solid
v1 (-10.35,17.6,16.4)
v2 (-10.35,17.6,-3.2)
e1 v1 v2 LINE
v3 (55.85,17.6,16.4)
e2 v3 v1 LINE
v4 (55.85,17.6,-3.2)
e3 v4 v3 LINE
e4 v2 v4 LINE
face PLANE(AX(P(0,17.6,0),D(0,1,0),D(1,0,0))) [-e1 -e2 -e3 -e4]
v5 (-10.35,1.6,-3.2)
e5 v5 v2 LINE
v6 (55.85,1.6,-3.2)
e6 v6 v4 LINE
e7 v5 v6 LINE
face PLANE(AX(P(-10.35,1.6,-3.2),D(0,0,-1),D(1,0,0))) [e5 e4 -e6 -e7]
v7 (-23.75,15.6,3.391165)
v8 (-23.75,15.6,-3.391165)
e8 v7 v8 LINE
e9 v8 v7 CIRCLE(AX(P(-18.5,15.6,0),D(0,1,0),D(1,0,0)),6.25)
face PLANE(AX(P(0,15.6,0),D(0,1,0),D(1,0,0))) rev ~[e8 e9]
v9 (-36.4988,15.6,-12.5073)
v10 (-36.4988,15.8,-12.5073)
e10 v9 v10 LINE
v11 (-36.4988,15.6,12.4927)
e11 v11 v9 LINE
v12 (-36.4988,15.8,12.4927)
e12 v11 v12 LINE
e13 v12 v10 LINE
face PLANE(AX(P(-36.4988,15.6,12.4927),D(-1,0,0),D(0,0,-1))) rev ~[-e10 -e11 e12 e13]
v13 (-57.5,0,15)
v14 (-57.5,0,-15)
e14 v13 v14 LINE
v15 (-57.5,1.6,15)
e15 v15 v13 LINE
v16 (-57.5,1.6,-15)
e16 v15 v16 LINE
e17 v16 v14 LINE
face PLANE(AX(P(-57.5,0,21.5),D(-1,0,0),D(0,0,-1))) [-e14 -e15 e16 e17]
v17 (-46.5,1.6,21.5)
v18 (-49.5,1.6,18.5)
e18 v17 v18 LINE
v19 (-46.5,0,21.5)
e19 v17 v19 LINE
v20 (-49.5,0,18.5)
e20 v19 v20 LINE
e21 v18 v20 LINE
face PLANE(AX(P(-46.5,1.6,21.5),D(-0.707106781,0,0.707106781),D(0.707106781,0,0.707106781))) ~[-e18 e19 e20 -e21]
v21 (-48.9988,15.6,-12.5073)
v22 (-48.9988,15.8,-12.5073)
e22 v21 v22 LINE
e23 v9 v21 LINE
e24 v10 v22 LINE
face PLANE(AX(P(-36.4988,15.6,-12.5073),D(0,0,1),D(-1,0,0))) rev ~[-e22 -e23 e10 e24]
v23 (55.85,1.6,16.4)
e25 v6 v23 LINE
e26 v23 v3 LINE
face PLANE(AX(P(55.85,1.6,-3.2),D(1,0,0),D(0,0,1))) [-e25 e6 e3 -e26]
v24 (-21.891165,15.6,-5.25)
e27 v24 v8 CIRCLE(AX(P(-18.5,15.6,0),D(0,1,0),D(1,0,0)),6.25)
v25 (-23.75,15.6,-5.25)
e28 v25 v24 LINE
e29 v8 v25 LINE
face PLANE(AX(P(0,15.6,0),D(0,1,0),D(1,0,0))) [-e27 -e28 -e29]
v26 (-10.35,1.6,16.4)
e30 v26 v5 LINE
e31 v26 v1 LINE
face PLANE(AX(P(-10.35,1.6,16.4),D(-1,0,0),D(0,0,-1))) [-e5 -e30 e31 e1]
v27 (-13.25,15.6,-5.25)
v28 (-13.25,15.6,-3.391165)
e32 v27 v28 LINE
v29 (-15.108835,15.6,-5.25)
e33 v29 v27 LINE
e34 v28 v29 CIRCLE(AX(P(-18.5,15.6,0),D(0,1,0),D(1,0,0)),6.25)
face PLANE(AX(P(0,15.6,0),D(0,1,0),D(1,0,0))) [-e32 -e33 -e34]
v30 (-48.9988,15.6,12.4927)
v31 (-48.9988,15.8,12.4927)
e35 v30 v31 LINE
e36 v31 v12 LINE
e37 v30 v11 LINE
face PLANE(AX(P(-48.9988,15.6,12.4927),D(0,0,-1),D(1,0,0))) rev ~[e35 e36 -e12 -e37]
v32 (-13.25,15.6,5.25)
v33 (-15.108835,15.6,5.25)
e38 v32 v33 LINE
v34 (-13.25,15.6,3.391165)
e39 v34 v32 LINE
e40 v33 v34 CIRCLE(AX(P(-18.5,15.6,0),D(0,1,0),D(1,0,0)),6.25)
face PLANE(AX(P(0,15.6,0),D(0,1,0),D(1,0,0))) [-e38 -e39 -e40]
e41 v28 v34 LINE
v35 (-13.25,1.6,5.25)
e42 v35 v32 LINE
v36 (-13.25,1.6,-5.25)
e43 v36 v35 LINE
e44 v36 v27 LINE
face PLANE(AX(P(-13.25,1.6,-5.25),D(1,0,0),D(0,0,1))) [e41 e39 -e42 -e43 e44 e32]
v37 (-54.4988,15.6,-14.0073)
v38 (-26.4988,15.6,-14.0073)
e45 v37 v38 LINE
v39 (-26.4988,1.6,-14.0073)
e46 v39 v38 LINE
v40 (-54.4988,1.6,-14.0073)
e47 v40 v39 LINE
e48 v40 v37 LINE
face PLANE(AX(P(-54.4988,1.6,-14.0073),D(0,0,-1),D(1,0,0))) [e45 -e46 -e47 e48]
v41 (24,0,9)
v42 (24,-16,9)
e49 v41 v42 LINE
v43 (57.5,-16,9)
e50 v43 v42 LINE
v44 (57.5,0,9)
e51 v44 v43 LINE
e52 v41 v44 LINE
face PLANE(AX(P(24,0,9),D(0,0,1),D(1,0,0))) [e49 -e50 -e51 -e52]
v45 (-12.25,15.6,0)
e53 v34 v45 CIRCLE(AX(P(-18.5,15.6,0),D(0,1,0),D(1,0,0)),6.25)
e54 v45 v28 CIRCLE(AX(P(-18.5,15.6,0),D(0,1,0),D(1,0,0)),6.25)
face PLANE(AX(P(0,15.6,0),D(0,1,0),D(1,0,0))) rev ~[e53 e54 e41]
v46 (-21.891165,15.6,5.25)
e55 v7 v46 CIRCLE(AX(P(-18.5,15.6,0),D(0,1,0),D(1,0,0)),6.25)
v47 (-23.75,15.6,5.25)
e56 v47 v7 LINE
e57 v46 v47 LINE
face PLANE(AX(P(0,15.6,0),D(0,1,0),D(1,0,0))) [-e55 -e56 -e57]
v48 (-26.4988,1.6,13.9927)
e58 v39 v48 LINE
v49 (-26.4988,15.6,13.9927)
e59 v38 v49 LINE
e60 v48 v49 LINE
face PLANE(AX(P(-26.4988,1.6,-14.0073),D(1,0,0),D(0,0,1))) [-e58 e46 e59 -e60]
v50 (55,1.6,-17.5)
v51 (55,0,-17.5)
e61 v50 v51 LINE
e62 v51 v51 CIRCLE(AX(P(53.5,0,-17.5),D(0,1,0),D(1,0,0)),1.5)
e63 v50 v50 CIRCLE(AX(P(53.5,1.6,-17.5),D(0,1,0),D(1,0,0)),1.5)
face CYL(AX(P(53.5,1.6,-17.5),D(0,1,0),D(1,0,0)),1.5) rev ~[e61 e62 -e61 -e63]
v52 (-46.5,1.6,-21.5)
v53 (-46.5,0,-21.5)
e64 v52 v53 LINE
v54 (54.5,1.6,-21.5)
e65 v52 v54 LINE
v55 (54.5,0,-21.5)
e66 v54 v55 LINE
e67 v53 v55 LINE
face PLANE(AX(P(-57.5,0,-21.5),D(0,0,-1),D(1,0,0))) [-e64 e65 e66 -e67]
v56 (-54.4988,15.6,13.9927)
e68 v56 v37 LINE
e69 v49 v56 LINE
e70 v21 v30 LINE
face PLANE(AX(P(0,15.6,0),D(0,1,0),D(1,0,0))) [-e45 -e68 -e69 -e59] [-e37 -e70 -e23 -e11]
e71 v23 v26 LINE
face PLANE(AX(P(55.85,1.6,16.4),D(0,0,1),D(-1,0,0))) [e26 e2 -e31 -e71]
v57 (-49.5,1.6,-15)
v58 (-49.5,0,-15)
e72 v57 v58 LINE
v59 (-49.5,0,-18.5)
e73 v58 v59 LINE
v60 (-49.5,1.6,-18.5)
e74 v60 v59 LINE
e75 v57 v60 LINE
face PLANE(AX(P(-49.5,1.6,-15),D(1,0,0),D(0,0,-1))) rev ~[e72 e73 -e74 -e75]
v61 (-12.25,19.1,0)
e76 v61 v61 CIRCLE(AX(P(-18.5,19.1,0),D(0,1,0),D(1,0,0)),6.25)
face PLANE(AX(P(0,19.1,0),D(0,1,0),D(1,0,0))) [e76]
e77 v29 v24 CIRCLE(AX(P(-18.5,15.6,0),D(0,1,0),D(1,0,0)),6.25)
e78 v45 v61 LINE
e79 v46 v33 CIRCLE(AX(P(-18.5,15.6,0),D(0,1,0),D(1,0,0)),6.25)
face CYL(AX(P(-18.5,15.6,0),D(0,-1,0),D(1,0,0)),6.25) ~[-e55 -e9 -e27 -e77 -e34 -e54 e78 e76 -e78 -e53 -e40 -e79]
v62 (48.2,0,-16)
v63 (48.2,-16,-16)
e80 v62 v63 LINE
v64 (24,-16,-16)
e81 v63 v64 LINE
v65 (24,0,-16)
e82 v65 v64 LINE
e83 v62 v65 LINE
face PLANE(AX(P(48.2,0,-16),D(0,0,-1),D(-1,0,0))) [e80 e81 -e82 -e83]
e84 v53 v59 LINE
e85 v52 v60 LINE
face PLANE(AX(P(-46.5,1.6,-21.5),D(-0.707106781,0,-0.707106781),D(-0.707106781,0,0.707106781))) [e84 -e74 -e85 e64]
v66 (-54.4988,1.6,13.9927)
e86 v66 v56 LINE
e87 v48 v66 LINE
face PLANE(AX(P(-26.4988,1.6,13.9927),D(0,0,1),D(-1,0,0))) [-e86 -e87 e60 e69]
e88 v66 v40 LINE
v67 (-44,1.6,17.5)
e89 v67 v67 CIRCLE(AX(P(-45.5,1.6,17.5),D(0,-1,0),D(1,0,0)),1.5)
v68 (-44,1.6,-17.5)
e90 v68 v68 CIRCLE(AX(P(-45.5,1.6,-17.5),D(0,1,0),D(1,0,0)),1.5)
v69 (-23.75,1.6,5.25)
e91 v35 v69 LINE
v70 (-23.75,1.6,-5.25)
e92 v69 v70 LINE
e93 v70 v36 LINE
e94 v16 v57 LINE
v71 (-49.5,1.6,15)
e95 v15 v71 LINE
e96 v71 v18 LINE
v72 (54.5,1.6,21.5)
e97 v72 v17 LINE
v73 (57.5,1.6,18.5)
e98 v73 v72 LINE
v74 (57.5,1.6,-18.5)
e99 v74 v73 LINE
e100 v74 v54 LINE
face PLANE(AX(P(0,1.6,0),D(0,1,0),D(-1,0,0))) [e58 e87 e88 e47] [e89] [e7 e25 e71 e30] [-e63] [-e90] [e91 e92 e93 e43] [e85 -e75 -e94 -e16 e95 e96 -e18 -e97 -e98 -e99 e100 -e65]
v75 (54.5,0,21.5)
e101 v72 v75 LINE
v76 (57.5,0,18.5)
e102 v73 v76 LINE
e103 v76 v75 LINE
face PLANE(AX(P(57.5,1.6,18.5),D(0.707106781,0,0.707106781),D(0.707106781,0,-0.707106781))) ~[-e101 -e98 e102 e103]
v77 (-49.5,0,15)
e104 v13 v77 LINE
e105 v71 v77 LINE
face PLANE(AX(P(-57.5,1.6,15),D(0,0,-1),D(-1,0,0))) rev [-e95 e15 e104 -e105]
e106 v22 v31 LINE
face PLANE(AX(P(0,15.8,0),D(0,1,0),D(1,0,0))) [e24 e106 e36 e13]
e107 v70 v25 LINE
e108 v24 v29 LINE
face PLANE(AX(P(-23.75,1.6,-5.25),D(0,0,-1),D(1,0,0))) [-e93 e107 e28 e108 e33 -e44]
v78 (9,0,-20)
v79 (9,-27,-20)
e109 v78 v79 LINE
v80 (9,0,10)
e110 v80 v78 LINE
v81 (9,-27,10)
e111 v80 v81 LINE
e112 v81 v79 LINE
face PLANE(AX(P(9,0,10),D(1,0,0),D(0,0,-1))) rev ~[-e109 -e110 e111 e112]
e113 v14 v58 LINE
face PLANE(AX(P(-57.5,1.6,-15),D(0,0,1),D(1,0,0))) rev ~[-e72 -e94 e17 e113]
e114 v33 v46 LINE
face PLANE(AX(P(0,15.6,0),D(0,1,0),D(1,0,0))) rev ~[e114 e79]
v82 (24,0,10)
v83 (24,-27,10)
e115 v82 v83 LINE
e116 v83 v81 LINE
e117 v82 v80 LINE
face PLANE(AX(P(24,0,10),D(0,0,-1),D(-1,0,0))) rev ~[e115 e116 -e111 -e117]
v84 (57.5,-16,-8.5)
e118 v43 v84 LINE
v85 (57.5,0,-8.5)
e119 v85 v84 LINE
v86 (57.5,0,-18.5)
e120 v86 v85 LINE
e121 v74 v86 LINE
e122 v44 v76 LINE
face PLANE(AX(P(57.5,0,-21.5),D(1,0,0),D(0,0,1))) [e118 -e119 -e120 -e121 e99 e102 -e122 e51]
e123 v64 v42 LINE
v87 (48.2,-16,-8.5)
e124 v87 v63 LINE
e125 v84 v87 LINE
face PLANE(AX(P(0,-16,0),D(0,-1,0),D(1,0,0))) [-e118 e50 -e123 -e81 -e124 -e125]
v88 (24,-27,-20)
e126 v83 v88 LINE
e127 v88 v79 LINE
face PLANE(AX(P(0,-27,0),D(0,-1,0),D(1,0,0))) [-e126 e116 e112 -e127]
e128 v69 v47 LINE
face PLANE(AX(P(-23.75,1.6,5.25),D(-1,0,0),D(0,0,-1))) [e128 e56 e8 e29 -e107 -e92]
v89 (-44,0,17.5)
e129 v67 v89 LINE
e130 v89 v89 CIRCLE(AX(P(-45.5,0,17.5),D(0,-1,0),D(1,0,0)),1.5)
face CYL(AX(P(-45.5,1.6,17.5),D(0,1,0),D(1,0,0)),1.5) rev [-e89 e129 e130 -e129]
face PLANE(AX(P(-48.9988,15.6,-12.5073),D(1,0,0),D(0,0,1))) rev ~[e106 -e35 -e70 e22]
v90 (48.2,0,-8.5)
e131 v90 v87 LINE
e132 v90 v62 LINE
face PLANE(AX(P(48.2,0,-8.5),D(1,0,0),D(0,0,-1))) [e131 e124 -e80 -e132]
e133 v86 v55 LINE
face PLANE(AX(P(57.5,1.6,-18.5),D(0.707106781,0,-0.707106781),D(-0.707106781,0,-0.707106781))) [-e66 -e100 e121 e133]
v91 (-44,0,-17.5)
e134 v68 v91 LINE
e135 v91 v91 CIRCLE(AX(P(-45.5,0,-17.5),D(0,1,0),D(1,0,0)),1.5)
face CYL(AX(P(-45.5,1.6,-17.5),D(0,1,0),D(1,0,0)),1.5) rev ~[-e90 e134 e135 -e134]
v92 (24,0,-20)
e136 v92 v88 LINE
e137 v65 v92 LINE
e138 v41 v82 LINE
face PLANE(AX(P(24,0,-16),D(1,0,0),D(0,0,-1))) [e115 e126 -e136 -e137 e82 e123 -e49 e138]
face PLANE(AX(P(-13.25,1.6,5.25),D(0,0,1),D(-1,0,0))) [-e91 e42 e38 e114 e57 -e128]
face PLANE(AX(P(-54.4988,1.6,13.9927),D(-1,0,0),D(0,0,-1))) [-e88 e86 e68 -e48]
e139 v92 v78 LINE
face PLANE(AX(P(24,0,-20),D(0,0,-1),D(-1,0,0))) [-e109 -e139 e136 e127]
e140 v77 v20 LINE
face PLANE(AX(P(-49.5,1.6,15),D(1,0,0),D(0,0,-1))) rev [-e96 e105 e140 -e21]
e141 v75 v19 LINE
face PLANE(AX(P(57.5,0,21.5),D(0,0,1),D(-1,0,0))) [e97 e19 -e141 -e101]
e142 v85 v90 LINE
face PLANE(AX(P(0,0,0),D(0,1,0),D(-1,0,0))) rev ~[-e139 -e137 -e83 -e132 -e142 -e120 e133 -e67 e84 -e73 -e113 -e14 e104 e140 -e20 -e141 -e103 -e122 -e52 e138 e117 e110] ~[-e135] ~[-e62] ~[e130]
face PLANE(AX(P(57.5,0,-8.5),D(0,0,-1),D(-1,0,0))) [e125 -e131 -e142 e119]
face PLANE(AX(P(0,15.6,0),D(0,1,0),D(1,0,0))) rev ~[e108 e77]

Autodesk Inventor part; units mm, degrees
ref_plane "YZ Plane" through (0, 0, 0) normal (1, 0, 0) x (0, 1, 0)
ref_plane "XZ Plane" through (0, 0, 0) normal (0, 1, 0) x (-1, 0, 0)
ref_plane "XY Plane" through (0, 0, 0) normal (0, 0, 1) x (1, 0, 0)
sketch "Sketch1" plane through (0, 0, 0) normal (0, 1, 0) x (-1, 0, 0)
  line L0 (-57.5, 21.5) -> (57.5, 21.5)
  line L1 (57.5, 21.5) -> (57.5, -21.5)
  line L2 (57.5, -21.5) -> (-57.5, -21.5)
  line L3 (-57.5, -21.5) -> (-57.5, 21.5)
  line L4 (-57.5, 21.5) -> (57.5, -21.5) construction
  line L5 (57.5, 21.5) -> (-57.5, -21.5) construction
  point P0 (0, 0)
  dimension "d0" = 115
  dimension "d1" = 43
extrude "Extrusion1" add sketch "Sketch1" along normal blind 1.6
sketch "Sketch2" plane through (0, 1.6, 0) normal (0, 1, 0) x (1, 0, 0)
  line L0 (57.5, 21.5) -> (-57.5, 21.5) projected
  line L1 (57.5, 21.5) -> (54.5, 21.5)
  line L2 (57.5, -21.5) -> (57.5, 21.5) projected
  line L3 (54.5, 21.5) -> (57.5, 21.5)
  line L4 (57.5, 21.5) -> (57.5, 18.5)
  line L5 (57.5, 18.5) -> (54.5, 21.5)
  point P0 (0, 0)
  dimension "d4" = 3
  dimension "d5" = 3
extrude "Extrusion2" cut sketch "Sketch2" against normal blind 1.6
sketch "Sketch3" plane through (0, 1.6, 0) normal (0, 1, 0) x (1, 0, 0)
  line L0 (57.5, -21.5) -> (57.5, 18.5) projected
  circle A0 centre (53.5, 17.5) radius 1.5
  point P0 (0, 0)
  dimension "d11" = 3
extrude "Extrusion3" cut sketch "Sketch3" against normal blind 1.6
sketch "Sketch4" plane through (0, 1.6, 0) normal (0, 1, 0) x (1, 0, 0)
  line L0 (-57.5, 21.5) -> (-57.5, -21.5) projected
  line L1 (-57.5, 15) -> (-49.5, 15)
  line L2 (-49.5, 15) -> (-49.5, 18.5)
  line L3 (54.5, 21.5) -> (-57.5, 21.5) projected
  line L4 (-46.5, 21.5) -> (-49.5, 18.5)
  circle A0 centre (-45.5, 18) radius 1.5
  point P0 (0, 0)
  dimension "d15" = 8
  dimension "d16" = 3.5
  dimension "d20" = 3
extrude "Extrusion4" cut sketch "Sketch4" against normal blind 1.6 contours L3 L4 L2 L1 L0
sketch "Sketch5" plane through (0, 1.6, 0) normal (0, 1, 0) x (1, 0, 0)
  line L0 (54.5, 21.5) -> (-46.5, 21.5) projected
  circle A0 centre (-45.5, 17.5) radius 1.5
  point P0 (0, 0)
  dimension "d25" = 3
extrude "Extrusion5" cut sketch "Sketch5" against normal blind 1.6
mirror "Mirror1" about plane through (0, 0, 0) normal (0, 0, 1) of "Extrusion4", "Extrusion5", "Extrusion2"
sketch "Sketch7" plane through (0, 1.6, 0) normal (0, 1, 0) x (1, 0, 0)
  line L0 (-54.4988, 14.0073) -> (-26.4988, 14.0073)
  line L1 (-26.4988, 14.0073) -> (-26.4988, -13.9927)
  line L2 (-26.4988, -13.9927) -> (-54.4988, -13.9927)
  line L3 (-54.4988, -13.9927) -> (-54.4988, 14.0073)
  point P0 (0, 0)
  dimension "d30" = 28
  dimension "d31" = 28
extrude "Extrusion6" add sketch "Sketch7" along normal blind 14
sketch "Sketch8" plane through (0, 15.6, 0) normal (0, 1, 0) x (1, 0, 0)
  line L0 (-26.4988, 14.0073) -> (-26.4988, -13.9927) projected
  line L1 (-26.4988, 14.0073) -> (-36.4988, 14.0073)
  line L2 (-54.4988, 14.0073) -> (-26.4988, 14.0073) projected
  line L3 (-36.4988, 14.0073) -> (-37.9988, 14.0073)
  line L4 (-37.9988, 14.0073) -> (-36.4988, 14.0073)
  line L5 (-36.4988, 14.0073) -> (-36.4988, 12.5073)
  line L6 (-36.4988, 12.5073) -> (-48.9988, 12.5073)
  line L7 (-48.9988, 12.5073) -> (-48.9988, -12.4927)
  line L8 (-48.9988, -12.4927) -> (-36.4988, -12.4927)
  line L9 (-36.4988, -12.4927) -> (-36.4988, 12.5073)
  point P0 (0, 0)
  dimension "d34" = 10
  dimension "d35" = 1.5
  dimension "d36" = 1.5
  dimension "d37" = 12.5
  dimension "d38" = 25
extrude "Extrusion7" add sketch "Sketch8" along normal blind 0.2
sketch "Sketch9" plane through (0, 1.6, 0) normal (0, 1, 0) x (1, 0, 0)
  line L0 (-57.5, 15) -> (-57.5, -15) projected
  line L1 (-57.5, 15) -> (-23.75, 15)
  line L2 (-23.75, 15) -> (-23.75, 5.25)
  line L3 (-23.75, 5.25) -> (-13.25, 5.25)
  line L4 (-13.25, 5.25) -> (-13.25, -5.25)
  line L5 (-13.25, -5.25) -> (-23.75, -5.25)
  line L6 (-23.75, -5.25) -> (-23.75, 5.25)
  point P0 (0, 0)
  dimension "d41" = 33.75
  dimension "d43" = 9.75
  dimension "d44" = 10.5
  dimension "d45" = 10.5
extrude "Extrusion8" add sketch "Sketch9" along normal blind 14
sketch "Sketch10" plane through (0, 15.6, 0) normal (0, 1, 0) x (1, 0, 0)
  circle A0 centre (-18.5, 0) radius 6.25
  point P0 (0, 0)
  dimension "d48" = 12.5
extrude "Extrusion9" add sketch "Sketch10" along normal blind 3.5
sketch "Sketch11" plane through (0, 1.6, 0) normal (0, 1, 0) x (1, 0, 0)
  line L0 (54.5, -21.5) -> (57.5, -18.5) projected
  line L1 (57.5, -18.5) -> (55.85, -18.5)
  line L2 (55.85, -18.5) -> (55.85, -16.4)
  line L3 (55.85, -16.4) -> (57.5, -16.4)
  line L4 (57.5, -16.4) -> (57.5, -18.5)
  line L5 (55.85, -16.4) -> (-10.35, -16.4)
  line L6 (-10.35, -16.4) -> (-10.35, 3.2)
  line L7 (-10.35, 3.2) -> (55.85, 3.2)
  line L8 (55.85, 3.2) -> (55.85, -16.4)
  point P0 (0, 0)
  dimension "d51" = 1.65
  dimension "d52" = 2.1
  dimension "d53" = 66.2
  dimension "d54" = 19.6
extrude "Extrusion10" add sketch "Sketch11" along normal blind 16 contours L5 L6 L7 L8
sketch "Sketch12" plane through (0, 0, 0) normal (0, -1, 0) x (1, 0, 0)
  line L0 (57.5, 18.5) -> (57.5, -18.5) projected
  line L1 (57.5, -18.5) -> (57.5, -8.5)
  line L2 (57.5, -8.5) -> (48.2, -8.5)
  line L3 (48.2, -8.5) -> (48.2, 9)
  line L4 (48.2, 9) -> (57.5, 9)
  line L5 (57.5, 9) -> (57.5, -8.5)
  point P0 (0, 0)
  dimension "d57" = 10
  dimension "d58" = 9.3
  dimension "d59" = 17.5
extrude "Extrusion11" add sketch "Sketch12" along normal blind 16
sketch "Sketch13" plane through (0, 0, 0) normal (0, -1, 0) x (1, 0, 0)
  line L0 (57.5, -8.5) -> (48.2, -8.5) projected
  line L1 (48.2, -8.5) -> (48.2, -16)
  line L2 (48.2, -16) -> (24, -16)
  line L3 (24, -16) -> (24, 9)
  line L4 (24, 9) -> (48.2, 9)
  line L5 (48.2, 9) -> (48.2, -16)
  line L6 (24, -16) -> (24, -20)
  line L7 (54.5, -21.5) -> (-46.5, -21.5) projected
  line L8 (24, -20) -> (9, -20)
  line L9 (24, 9) -> (24, 10)
  line L10 (24, 10) -> (9, 10)
  line L11 (9, 10) -> (9, -20)
  line L12 (9, -20) -> (24, -20)
  line L13 (24, -20) -> (24, 10)
  point P0 (0, 0)
  dimension "d62" = 7.5
  dimension "d63" = 24.2
  dimension "d64" = 25
  dimension "d65" = 4
  dimension "d66" = 15
  dimension "d67" = 1
extrude "Extrusion12" add sketch "Sketch13" along normal blind 16 contours L1 L2 L3 L4 L5
sketch "Sketch14" plane through (0, 0, 0) normal (0, -1, 0) x (1, 0, 0)
  line L0 (24, -16) -> (24, 9) projected
  line L1 (24, -16) -> (24, -20)
  line L2 (24, -20) -> (9, -20)
  line L3 (24, 9) -> (24, 10)
  line L4 (24, 10) -> (9, 10)
  line L5 (9, 10) -> (9, -20)
  line L6 (9, -20) -> (24, -20)
  line L7 (24, -20) -> (24, 10)
  point P0 (0, 0)
  dimension "d70" = 4
  dimension "d71" = 15
  dimension "d72" = 1
extrude "Extrusion13" add sketch "Sketch14" along normal blind 27
properties part number "teaser_PCB"
